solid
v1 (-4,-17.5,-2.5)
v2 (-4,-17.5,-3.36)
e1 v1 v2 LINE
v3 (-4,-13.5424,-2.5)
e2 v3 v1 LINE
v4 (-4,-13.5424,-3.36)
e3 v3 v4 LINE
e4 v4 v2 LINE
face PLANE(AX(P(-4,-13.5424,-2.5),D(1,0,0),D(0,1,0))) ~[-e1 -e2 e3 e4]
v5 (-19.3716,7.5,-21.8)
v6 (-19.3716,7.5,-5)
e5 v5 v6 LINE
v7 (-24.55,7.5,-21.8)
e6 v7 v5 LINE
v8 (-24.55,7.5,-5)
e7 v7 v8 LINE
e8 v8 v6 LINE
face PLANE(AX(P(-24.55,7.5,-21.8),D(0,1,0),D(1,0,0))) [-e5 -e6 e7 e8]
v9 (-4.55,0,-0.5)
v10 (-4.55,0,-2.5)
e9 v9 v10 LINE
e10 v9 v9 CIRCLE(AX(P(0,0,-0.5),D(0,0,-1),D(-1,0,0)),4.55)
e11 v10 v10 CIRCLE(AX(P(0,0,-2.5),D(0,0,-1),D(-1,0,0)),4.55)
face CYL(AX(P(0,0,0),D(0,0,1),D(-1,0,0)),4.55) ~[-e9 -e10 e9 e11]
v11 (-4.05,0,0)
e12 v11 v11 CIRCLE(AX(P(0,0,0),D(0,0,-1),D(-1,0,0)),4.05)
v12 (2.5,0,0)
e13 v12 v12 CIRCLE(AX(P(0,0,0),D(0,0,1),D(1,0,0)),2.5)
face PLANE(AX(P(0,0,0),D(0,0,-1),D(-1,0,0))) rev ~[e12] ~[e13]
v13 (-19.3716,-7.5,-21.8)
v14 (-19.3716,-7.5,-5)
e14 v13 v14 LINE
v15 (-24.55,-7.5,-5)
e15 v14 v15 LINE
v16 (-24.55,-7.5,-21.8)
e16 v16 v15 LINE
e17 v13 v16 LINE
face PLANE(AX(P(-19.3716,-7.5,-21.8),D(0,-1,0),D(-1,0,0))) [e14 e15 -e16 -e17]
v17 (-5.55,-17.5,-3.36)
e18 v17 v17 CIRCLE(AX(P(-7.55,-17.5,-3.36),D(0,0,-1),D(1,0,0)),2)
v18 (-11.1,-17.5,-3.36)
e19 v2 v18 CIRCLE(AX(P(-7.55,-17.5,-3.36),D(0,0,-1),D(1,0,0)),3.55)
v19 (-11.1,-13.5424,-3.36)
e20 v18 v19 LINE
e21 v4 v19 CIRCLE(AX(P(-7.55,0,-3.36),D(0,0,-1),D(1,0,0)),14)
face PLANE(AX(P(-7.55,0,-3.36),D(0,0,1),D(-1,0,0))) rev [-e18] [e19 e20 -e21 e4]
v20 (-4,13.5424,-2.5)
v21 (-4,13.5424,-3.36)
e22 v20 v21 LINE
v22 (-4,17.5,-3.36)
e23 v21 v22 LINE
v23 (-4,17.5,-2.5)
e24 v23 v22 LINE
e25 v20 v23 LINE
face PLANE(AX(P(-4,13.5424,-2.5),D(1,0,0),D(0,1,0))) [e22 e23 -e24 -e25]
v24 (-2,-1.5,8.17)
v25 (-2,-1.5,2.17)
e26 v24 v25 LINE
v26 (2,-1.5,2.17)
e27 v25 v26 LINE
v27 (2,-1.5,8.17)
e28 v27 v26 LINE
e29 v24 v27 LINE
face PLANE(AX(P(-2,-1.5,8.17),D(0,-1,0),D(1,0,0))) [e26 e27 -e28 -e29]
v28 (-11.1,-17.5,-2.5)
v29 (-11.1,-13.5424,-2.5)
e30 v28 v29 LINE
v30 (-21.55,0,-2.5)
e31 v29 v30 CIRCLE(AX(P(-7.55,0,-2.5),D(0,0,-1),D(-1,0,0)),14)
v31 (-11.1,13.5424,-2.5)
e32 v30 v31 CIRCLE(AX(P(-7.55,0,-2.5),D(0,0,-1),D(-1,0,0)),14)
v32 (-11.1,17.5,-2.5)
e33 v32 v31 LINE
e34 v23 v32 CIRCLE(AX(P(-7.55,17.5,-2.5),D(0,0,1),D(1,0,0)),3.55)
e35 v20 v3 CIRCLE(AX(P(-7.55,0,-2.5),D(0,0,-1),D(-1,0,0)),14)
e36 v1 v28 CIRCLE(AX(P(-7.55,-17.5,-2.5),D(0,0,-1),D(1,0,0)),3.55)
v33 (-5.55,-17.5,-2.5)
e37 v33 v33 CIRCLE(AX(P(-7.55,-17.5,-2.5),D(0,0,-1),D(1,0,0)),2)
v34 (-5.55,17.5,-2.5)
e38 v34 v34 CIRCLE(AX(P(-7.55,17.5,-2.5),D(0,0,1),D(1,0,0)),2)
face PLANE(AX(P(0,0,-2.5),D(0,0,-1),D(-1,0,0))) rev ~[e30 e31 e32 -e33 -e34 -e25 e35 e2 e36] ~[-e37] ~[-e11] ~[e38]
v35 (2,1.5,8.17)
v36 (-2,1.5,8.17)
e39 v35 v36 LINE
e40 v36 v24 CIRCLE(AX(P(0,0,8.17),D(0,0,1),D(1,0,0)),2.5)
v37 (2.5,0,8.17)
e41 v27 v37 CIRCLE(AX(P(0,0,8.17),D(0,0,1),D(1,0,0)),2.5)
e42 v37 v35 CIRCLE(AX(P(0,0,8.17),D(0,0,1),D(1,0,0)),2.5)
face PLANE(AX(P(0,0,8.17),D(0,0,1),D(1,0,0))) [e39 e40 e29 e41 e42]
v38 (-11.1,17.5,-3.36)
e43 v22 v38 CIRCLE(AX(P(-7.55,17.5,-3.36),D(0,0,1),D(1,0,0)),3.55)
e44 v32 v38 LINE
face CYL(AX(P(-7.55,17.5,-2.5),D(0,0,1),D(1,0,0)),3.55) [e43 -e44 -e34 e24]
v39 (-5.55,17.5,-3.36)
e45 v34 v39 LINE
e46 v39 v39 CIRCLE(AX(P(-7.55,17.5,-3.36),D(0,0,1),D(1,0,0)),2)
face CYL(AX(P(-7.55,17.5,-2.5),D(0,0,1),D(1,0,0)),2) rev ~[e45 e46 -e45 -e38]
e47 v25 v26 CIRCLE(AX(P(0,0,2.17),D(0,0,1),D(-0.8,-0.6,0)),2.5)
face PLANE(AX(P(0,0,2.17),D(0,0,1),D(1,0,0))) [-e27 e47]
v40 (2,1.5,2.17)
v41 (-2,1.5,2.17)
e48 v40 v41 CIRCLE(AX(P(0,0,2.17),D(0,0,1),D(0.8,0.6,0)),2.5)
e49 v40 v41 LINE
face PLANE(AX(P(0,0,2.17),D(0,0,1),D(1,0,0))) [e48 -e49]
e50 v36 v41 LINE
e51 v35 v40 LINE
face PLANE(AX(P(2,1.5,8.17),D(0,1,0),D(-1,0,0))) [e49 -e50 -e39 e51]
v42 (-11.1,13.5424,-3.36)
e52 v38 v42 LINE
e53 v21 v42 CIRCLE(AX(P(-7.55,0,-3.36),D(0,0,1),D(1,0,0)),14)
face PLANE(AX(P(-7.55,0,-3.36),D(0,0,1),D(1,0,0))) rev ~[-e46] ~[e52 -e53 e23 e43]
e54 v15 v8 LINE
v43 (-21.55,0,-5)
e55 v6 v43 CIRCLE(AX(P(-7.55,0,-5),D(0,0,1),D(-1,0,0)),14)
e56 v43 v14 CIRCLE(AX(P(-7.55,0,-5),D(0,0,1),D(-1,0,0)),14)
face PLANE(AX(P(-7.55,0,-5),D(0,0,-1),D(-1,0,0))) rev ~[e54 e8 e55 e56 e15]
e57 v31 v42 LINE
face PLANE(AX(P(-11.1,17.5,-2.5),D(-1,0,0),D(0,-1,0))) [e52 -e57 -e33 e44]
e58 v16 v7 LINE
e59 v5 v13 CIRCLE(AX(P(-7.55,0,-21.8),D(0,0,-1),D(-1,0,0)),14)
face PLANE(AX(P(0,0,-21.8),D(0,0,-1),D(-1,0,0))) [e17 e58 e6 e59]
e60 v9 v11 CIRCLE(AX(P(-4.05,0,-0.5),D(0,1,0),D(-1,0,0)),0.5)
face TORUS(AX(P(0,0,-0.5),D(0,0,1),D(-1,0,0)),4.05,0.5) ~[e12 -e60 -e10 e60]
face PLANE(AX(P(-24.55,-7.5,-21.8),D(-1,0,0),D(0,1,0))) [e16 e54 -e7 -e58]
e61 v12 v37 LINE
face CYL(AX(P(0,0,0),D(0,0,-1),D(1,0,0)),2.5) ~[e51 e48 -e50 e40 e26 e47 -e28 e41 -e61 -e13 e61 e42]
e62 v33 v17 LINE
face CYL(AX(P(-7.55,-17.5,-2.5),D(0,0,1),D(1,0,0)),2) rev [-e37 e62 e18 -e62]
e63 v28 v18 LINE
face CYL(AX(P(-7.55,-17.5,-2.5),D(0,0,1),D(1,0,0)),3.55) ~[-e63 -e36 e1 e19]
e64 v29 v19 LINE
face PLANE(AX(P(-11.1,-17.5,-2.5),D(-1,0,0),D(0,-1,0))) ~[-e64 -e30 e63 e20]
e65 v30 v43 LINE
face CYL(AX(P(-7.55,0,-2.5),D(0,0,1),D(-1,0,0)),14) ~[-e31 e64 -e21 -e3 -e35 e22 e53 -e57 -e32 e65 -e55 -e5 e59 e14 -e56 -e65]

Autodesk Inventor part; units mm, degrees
ref_plane "XZ Plane" through (0, 0, 0) normal (0, 1, 0) x (-1, 0, 0)
ref_plane "XY Plane" through (0, 0, 0) normal (0, 0, 1) x (1, 0, 0)
sketch "Sketch1" plane through (0, 0, 0) normal (0, 0, 1) x (1, 0, 0)
  circle A0 centre (0, 0) radius 2.5
  dimension "d0" = 5
extrude "Extrusion1" add sketch "Sketch1" along normal blind 8.17
sketch "Sketch2" plane through (0, 0, 8.17) normal (0, 0, 1) x (1, 0, 0)
  circle A0 centre (0, 0) radius 2.5 construction
  circle A1 centre (0, 0) radius 2.5 construction
  line L0 (-2, -1.5) -> (2, -1.5)
  line L1 (2, -1.5) -> (2, 1.5)
  line L2 (2, 1.5) -> (-2, 1.5)
  line L3 (-2, 1.5) -> (-2, -1.5)
  line L4 (-2, -1.5) -> (2, 1.5) construction
  line L5 (2, -1.5) -> (-2, 1.5) construction
  arc A2 (-2, 1.5) -> (-2, -1.5) centre (0, 0) ccw
  arc A3 (2, 1.5) -> (-2, 1.5) centre (0, 0) ccw
  arc A4 (-2, -1.5) -> (2, -1.5) centre (0, 0) ccw
  arc A5 (2, -1.5) -> (2, 1.5) centre (0, 0) ccw
  dimension "d3" = 3
extrude "Extrusion2" cut sketch "Sketch2" against normal blind 6 contours L0 A4 | A3 L2
sketch "Sketch3" plane through (0, 0, 0) normal (0, 0, -1) x (-1, 0, 0)
  circle A0 centre (0, 0) radius 2.5 projected
  circle A1 centre (0, 0) radius 4.55
  dimension "d6" = 9.1
extrude "Extrusion3" add sketch "Sketch3" along normal blind 2.5 contours A0 | A1
sketch "Sketch4" plane through (0, 0, -2.5) normal (0, 0, -1) x (-1, 0, 0)
  circle A0 centre (7.55, 0) radius 14
  circle A1 centre (0, 0) radius 4.55 projected
  line L0 (4.55, 0) -> (-6.45, 0) construction
  dimension "d9" = 28
  dimension "d10" = 11
extrude "Extrusion4" add sketch "Sketch4" along normal blind 19.3 contours A0 | A1
fillet "Fillet1" radius 0.5 1 edges at (4.55, 0, 0)
sketch "Sketch5" plane through (-7.55, 0, -21.8) normal (0, 0, -1) x (-1, 0, 0)
  circle A0 centre (0, 0) radius 14 construction
  line L0 (11.8216, -7.5) -> (17, -7.5)
  line L1 (17, -7.5) -> (17, 7.5)
  line L2 (17, 7.5) -> (11.8216, 7.5)
  line L3 (11.8216, 7.5) -> (11.8216, -7.5)
  line L4 (11.8216, -7.5) -> (17, 7.5) construction
  line L5 (17, -7.5) -> (11.8216, 7.5) construction
  circle A1 centre (0, 0) radius 14 construction
  line L6 (17, 0) -> (-14, 0) construction
  circle A2 centre (0, 0) radius 14 construction
  point P0 (-7.55, 0)
  point P1 (14.4108, 0)
  dimension "d14" = 15
  dimension "d15" = 31
extrude "Extrusion5" add sketch "Sketch5" against normal blind 16.8
sketch "Sketch6" plane through (-7.55, 0, -2.5) normal (0, 0, 1) x (1, 0, 0)
  circle A0 centre (0, 0) radius 14 projected
  circle A1 centre (7.55, 0) radius 4.55 construction
  arc A2 (-11.8216, -7.5) -> (-11.8216, 7.5) centre (0, 0) ccw projected
  line L0 (3.55, 13.5424) -> (3.55, 17.5)
  arc A3 (3.55, 17.5) -> (-3.55, 17.5) centre (0, 17.5) ccw
  line L1 (-3.55, 17.5) -> (-3.55, 13.5424)
  circle A4 centre (0, 17.5) radius 2
  dimension "d18" = 4
  dimension "d19" = 7.1
  dimension "d20" = 17.5
extrude "Extrusion6" add sketch "Sketch6" against normal blind 0.86 contours A0 L1 A3 L0
mirror "Mirror1" about plane through (0, 0, 0) normal (0, 1, 0) of "Extrusion6"
sketch "Sketch7" plane through (0, 0, -2.5) normal (0, 0, 1) x (1, 0, 0)
  arc A0 (-4, -13.5424) -> (-4, 13.5424) centre (-7.55, 0) ccw projected
  point P0 (0, 0)
ref_plane "align plane" through (-7.55, 0, -2.5) normal (1, 0, 0) x (0, 1, 0)
properties part number "stepper motor-cheapo geared"
